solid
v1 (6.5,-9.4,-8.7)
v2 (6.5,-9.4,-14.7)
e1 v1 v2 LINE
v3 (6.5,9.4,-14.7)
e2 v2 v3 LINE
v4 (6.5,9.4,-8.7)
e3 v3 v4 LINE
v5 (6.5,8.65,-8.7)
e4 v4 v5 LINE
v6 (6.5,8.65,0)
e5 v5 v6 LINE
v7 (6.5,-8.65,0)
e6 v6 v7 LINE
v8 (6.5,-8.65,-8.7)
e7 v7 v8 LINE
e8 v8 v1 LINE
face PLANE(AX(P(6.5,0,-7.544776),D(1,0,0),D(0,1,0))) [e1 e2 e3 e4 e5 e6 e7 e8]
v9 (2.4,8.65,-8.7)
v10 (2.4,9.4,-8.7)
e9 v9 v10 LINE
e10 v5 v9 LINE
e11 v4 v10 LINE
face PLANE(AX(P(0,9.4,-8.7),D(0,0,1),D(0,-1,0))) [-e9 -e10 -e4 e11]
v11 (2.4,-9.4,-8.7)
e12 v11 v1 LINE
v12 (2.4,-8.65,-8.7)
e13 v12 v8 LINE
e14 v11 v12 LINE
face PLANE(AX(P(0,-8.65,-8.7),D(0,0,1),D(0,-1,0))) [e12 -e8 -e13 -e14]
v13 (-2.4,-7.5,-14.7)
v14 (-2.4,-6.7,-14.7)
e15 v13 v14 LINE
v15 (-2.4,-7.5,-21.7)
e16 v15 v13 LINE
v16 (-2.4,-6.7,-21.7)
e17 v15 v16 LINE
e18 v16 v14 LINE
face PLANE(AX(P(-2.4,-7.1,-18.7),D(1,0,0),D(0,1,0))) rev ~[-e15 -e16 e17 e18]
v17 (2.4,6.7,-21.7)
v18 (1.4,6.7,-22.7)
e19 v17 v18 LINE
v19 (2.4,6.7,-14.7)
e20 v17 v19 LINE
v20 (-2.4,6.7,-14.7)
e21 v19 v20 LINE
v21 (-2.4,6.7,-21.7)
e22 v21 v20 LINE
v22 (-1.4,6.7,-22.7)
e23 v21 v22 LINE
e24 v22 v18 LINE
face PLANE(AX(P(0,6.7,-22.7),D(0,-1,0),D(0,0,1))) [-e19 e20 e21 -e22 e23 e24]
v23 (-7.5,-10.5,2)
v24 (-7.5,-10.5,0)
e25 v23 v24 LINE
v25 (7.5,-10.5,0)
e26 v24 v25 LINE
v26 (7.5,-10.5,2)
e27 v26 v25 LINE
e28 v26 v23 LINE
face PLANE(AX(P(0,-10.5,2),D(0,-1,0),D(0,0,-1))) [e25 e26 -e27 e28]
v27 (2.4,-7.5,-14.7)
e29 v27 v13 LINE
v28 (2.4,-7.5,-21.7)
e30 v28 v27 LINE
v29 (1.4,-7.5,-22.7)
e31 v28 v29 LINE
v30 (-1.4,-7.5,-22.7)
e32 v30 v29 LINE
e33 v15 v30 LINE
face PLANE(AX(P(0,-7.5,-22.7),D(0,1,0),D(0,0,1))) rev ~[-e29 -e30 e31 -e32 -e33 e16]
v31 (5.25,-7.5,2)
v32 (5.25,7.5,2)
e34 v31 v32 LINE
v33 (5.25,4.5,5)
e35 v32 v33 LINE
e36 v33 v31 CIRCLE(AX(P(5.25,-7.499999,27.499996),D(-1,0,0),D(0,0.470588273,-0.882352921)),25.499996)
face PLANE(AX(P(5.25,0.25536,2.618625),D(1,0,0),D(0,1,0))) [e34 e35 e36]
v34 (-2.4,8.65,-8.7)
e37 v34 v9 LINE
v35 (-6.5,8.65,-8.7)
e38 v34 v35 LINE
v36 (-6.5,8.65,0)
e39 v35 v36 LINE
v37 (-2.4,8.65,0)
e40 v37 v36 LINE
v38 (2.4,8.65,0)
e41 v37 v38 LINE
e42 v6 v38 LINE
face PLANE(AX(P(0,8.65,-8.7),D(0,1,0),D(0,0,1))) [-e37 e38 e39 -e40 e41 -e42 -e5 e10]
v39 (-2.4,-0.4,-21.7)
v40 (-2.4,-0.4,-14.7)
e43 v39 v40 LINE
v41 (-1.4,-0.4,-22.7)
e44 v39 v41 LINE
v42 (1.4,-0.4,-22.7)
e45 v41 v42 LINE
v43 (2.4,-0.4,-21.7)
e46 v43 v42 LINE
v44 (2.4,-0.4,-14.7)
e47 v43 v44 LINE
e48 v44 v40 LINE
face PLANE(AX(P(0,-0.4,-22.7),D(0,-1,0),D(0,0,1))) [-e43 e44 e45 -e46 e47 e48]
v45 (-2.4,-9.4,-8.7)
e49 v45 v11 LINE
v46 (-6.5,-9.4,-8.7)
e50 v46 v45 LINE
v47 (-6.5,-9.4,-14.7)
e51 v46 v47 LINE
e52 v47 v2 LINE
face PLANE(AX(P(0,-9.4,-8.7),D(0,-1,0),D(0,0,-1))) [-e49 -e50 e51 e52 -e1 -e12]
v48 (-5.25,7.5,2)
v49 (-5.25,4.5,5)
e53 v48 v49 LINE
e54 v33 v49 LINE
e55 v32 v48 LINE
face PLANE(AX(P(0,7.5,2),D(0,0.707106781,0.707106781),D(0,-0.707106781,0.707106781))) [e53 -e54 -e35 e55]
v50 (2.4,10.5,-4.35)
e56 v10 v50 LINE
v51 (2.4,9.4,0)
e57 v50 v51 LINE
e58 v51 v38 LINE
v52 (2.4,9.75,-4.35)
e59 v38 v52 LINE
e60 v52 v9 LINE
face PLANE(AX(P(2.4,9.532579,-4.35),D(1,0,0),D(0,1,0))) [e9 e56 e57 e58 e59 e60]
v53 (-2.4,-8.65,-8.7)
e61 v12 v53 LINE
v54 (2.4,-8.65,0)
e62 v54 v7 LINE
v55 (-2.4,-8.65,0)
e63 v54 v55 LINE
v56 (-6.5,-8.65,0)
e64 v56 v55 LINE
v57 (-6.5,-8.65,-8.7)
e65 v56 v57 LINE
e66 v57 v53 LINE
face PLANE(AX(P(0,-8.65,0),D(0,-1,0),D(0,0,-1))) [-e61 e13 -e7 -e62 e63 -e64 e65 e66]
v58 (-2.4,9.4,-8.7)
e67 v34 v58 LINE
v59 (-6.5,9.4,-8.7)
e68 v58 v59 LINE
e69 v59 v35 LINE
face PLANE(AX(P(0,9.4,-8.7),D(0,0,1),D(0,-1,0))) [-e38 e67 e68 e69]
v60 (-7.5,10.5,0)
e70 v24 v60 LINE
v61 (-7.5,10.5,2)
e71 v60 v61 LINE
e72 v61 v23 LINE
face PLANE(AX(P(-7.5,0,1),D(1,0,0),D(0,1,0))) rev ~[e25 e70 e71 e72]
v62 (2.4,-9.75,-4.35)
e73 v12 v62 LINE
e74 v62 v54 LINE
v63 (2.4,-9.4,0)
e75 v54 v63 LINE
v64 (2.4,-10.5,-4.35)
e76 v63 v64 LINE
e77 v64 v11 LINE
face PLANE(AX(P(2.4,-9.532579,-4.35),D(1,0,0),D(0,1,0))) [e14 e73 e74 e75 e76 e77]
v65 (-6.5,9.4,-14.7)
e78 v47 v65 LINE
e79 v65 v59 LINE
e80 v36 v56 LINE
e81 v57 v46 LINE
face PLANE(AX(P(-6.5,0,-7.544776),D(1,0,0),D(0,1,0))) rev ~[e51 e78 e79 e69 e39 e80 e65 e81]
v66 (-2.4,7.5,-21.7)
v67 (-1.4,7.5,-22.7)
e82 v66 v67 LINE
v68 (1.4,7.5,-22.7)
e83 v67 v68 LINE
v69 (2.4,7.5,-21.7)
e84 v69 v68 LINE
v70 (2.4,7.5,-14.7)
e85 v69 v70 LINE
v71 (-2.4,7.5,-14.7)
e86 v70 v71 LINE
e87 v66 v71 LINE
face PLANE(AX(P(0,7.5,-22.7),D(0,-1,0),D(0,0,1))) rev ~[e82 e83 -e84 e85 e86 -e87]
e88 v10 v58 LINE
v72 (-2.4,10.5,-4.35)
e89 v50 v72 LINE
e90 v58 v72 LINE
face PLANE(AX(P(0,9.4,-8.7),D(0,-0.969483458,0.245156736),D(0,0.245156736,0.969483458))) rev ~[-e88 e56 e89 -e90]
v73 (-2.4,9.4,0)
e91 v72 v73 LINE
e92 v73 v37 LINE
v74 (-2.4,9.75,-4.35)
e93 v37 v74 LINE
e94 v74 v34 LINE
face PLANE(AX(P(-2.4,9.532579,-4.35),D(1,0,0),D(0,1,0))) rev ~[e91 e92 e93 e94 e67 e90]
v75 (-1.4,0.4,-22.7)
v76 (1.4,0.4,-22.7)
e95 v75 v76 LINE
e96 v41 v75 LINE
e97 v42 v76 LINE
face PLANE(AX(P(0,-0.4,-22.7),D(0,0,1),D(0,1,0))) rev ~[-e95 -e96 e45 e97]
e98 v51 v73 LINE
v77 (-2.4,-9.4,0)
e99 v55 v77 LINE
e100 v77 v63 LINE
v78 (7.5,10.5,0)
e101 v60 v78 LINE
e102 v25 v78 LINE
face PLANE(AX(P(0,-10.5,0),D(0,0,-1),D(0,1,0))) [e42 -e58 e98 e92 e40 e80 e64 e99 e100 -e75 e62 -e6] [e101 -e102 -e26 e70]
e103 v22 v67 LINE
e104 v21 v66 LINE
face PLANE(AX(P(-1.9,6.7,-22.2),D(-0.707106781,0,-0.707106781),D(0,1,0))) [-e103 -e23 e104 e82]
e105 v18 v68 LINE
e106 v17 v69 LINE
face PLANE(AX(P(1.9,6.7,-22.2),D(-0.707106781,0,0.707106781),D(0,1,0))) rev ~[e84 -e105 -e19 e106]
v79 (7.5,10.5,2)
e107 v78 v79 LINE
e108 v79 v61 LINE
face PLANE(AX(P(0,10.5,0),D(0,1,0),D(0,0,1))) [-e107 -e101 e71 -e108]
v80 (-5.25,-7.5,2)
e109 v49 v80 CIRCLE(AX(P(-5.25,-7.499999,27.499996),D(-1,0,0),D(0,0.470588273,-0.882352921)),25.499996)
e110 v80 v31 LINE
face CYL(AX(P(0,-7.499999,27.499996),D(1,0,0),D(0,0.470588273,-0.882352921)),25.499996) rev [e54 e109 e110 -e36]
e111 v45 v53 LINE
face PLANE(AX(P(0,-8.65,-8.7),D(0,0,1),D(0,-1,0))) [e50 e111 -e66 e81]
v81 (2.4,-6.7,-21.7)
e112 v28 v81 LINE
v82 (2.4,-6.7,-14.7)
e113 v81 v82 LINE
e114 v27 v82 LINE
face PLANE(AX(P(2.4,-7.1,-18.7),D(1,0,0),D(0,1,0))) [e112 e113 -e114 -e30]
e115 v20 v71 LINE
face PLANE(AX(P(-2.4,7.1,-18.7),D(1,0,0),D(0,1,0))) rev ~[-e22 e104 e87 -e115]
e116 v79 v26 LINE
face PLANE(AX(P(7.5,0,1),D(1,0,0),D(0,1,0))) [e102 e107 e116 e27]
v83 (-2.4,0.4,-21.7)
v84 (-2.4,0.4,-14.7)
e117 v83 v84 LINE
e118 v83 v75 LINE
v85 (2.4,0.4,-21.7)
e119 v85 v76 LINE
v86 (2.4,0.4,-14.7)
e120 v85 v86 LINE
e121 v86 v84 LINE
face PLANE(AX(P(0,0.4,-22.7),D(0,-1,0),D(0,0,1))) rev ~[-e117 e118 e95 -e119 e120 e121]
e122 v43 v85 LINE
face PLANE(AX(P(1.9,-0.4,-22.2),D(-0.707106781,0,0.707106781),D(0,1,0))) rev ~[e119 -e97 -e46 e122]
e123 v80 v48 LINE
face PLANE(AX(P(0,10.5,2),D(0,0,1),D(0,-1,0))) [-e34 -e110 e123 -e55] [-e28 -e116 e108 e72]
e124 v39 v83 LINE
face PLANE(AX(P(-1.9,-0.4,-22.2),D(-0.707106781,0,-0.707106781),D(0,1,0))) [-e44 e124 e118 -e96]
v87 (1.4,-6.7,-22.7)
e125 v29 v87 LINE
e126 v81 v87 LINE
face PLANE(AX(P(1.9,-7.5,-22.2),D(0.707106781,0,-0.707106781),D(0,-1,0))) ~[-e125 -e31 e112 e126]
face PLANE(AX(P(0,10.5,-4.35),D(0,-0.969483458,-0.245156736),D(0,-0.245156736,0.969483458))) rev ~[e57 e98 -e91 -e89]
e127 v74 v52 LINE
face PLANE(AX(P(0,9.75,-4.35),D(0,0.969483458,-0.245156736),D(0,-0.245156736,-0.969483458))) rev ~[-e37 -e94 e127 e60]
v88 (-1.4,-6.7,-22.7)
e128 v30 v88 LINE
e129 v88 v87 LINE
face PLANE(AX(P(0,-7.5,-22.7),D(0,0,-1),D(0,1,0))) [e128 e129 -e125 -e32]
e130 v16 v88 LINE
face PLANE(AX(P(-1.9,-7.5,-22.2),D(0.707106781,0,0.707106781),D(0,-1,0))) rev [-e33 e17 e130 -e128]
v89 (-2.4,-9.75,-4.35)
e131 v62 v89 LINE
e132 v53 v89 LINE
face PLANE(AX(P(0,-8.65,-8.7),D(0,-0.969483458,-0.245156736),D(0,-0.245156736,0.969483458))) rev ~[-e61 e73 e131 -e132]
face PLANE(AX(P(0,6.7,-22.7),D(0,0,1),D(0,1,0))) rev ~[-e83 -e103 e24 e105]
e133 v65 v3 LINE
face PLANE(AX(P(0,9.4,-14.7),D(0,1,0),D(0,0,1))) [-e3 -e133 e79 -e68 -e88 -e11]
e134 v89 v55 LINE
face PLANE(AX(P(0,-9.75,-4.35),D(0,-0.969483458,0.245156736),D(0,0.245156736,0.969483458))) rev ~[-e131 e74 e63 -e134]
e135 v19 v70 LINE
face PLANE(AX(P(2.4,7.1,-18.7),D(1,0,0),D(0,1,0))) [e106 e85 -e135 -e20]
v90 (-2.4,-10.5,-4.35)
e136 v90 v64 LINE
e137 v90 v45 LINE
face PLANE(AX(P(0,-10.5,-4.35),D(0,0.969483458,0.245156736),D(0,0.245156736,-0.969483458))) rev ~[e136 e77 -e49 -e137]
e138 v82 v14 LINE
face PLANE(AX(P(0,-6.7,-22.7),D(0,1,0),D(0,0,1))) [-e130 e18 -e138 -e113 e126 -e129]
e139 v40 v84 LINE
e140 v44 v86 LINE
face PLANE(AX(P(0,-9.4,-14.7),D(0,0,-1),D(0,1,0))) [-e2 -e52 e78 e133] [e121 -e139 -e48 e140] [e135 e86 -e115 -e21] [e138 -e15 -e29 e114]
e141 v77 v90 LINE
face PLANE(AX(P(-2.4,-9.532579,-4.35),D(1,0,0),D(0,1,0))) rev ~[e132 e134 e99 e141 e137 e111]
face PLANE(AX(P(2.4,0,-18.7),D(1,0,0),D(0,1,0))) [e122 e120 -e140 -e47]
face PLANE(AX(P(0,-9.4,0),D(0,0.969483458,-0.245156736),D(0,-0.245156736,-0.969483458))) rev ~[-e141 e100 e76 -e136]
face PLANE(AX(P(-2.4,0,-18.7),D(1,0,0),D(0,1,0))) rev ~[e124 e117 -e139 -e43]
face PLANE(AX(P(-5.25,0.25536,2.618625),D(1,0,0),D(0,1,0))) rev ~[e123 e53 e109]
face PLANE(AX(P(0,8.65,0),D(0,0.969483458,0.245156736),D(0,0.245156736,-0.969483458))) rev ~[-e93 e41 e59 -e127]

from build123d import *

# Parameters (mm, degrees)
F1_DEPTH = 6.5
F2_DEPTH = 7.5
F3_DEPTH = 5.25
F0_W     = 0.8
F0_H     = 8
F4_DEPTH = 2.4
F5_SIZE  = 1


with BuildPart() as f1:
    # F0 (on Right) → F1 (new body, symmetric)
    with BuildSketch(Plane.YZ):
        Polygon((8.65, 0), (-8.65, 0), (-8.65, -8.7), (-9.4, -8.7), (-9.4, -14.7), (-7.5, -14.7), (-6.7, -14.7), (-0.4, -14.7), (0.4, -14.7), (6.7, -14.7), (7.5, -14.7), (9.4, -14.7), (9.4, -8.7), (8.65, -8.7), align=None)
    extrude(amount=F1_DEPTH, both=True)

    # F0 (on Right) → F2 (join, symmetric)
    with BuildSketch(Plane.YZ):
        Polygon((-10.5, 2), (-10.5, 0), (-9.4, 0), (-8.65, 0), (8.65, 0), (9.4, 0), (10.5, 0), (10.5, 2), (7.5, 2), (-7.5, 2), align=None)
    extrude(amount=F2_DEPTH, both=True)

    # F0 (on Right) → F3 (join, symmetric)
    with BuildSketch(Plane.YZ):
        with BuildLine():
            ThreePointArc((4.5, 5), (-1.315342, 2.761366), (-7.5, 2))
            Line((-7.5, 2), (7.5, 2))
            Line((7.5, 2), (4.5, 5))
        make_face()
    extrude(amount=F3_DEPTH, both=True)

    # F0 (on Right) → F4 (join, symmetric)
    with BuildSketch(Plane.YZ):
        Polygon((-8.65, 0), (-9.4, 0), (-10.5, -4.35), (-9.4, -8.7), (-8.65, -8.7), (-9.75, -4.35), align=None)
        Polygon((9.4, 0), (8.65, 0), (9.75, -4.35), (8.65, -8.7), (9.4, -8.7), (10.5, -4.35), align=None)
        with Locations((7.1, -18.7)):
            Rectangle(F0_W, F0_H)
        with Locations((0, -18.7)):
            Rectangle(F0_W, F0_H)
        with Locations((-7.1, -18.7)):
            Rectangle(F0_W, F0_H)
    extrude(amount=F4_DEPTH, both=True)

    # F5
    f5_edges = [f1.edges().sort_by_distance(p)[0] for p in [
        (2.4, -7.1, -22.7),
        (2.4, 0, -22.7),
        (-2.4, 7.1, -22.7),
        (2.4, 7.1, -22.7),
        (-2.4, 0, -22.7),
        (-2.4, -7.1, -22.7),
    ]]
    chamfer(f5_edges, length=F5_SIZE)


solid = f1.part
